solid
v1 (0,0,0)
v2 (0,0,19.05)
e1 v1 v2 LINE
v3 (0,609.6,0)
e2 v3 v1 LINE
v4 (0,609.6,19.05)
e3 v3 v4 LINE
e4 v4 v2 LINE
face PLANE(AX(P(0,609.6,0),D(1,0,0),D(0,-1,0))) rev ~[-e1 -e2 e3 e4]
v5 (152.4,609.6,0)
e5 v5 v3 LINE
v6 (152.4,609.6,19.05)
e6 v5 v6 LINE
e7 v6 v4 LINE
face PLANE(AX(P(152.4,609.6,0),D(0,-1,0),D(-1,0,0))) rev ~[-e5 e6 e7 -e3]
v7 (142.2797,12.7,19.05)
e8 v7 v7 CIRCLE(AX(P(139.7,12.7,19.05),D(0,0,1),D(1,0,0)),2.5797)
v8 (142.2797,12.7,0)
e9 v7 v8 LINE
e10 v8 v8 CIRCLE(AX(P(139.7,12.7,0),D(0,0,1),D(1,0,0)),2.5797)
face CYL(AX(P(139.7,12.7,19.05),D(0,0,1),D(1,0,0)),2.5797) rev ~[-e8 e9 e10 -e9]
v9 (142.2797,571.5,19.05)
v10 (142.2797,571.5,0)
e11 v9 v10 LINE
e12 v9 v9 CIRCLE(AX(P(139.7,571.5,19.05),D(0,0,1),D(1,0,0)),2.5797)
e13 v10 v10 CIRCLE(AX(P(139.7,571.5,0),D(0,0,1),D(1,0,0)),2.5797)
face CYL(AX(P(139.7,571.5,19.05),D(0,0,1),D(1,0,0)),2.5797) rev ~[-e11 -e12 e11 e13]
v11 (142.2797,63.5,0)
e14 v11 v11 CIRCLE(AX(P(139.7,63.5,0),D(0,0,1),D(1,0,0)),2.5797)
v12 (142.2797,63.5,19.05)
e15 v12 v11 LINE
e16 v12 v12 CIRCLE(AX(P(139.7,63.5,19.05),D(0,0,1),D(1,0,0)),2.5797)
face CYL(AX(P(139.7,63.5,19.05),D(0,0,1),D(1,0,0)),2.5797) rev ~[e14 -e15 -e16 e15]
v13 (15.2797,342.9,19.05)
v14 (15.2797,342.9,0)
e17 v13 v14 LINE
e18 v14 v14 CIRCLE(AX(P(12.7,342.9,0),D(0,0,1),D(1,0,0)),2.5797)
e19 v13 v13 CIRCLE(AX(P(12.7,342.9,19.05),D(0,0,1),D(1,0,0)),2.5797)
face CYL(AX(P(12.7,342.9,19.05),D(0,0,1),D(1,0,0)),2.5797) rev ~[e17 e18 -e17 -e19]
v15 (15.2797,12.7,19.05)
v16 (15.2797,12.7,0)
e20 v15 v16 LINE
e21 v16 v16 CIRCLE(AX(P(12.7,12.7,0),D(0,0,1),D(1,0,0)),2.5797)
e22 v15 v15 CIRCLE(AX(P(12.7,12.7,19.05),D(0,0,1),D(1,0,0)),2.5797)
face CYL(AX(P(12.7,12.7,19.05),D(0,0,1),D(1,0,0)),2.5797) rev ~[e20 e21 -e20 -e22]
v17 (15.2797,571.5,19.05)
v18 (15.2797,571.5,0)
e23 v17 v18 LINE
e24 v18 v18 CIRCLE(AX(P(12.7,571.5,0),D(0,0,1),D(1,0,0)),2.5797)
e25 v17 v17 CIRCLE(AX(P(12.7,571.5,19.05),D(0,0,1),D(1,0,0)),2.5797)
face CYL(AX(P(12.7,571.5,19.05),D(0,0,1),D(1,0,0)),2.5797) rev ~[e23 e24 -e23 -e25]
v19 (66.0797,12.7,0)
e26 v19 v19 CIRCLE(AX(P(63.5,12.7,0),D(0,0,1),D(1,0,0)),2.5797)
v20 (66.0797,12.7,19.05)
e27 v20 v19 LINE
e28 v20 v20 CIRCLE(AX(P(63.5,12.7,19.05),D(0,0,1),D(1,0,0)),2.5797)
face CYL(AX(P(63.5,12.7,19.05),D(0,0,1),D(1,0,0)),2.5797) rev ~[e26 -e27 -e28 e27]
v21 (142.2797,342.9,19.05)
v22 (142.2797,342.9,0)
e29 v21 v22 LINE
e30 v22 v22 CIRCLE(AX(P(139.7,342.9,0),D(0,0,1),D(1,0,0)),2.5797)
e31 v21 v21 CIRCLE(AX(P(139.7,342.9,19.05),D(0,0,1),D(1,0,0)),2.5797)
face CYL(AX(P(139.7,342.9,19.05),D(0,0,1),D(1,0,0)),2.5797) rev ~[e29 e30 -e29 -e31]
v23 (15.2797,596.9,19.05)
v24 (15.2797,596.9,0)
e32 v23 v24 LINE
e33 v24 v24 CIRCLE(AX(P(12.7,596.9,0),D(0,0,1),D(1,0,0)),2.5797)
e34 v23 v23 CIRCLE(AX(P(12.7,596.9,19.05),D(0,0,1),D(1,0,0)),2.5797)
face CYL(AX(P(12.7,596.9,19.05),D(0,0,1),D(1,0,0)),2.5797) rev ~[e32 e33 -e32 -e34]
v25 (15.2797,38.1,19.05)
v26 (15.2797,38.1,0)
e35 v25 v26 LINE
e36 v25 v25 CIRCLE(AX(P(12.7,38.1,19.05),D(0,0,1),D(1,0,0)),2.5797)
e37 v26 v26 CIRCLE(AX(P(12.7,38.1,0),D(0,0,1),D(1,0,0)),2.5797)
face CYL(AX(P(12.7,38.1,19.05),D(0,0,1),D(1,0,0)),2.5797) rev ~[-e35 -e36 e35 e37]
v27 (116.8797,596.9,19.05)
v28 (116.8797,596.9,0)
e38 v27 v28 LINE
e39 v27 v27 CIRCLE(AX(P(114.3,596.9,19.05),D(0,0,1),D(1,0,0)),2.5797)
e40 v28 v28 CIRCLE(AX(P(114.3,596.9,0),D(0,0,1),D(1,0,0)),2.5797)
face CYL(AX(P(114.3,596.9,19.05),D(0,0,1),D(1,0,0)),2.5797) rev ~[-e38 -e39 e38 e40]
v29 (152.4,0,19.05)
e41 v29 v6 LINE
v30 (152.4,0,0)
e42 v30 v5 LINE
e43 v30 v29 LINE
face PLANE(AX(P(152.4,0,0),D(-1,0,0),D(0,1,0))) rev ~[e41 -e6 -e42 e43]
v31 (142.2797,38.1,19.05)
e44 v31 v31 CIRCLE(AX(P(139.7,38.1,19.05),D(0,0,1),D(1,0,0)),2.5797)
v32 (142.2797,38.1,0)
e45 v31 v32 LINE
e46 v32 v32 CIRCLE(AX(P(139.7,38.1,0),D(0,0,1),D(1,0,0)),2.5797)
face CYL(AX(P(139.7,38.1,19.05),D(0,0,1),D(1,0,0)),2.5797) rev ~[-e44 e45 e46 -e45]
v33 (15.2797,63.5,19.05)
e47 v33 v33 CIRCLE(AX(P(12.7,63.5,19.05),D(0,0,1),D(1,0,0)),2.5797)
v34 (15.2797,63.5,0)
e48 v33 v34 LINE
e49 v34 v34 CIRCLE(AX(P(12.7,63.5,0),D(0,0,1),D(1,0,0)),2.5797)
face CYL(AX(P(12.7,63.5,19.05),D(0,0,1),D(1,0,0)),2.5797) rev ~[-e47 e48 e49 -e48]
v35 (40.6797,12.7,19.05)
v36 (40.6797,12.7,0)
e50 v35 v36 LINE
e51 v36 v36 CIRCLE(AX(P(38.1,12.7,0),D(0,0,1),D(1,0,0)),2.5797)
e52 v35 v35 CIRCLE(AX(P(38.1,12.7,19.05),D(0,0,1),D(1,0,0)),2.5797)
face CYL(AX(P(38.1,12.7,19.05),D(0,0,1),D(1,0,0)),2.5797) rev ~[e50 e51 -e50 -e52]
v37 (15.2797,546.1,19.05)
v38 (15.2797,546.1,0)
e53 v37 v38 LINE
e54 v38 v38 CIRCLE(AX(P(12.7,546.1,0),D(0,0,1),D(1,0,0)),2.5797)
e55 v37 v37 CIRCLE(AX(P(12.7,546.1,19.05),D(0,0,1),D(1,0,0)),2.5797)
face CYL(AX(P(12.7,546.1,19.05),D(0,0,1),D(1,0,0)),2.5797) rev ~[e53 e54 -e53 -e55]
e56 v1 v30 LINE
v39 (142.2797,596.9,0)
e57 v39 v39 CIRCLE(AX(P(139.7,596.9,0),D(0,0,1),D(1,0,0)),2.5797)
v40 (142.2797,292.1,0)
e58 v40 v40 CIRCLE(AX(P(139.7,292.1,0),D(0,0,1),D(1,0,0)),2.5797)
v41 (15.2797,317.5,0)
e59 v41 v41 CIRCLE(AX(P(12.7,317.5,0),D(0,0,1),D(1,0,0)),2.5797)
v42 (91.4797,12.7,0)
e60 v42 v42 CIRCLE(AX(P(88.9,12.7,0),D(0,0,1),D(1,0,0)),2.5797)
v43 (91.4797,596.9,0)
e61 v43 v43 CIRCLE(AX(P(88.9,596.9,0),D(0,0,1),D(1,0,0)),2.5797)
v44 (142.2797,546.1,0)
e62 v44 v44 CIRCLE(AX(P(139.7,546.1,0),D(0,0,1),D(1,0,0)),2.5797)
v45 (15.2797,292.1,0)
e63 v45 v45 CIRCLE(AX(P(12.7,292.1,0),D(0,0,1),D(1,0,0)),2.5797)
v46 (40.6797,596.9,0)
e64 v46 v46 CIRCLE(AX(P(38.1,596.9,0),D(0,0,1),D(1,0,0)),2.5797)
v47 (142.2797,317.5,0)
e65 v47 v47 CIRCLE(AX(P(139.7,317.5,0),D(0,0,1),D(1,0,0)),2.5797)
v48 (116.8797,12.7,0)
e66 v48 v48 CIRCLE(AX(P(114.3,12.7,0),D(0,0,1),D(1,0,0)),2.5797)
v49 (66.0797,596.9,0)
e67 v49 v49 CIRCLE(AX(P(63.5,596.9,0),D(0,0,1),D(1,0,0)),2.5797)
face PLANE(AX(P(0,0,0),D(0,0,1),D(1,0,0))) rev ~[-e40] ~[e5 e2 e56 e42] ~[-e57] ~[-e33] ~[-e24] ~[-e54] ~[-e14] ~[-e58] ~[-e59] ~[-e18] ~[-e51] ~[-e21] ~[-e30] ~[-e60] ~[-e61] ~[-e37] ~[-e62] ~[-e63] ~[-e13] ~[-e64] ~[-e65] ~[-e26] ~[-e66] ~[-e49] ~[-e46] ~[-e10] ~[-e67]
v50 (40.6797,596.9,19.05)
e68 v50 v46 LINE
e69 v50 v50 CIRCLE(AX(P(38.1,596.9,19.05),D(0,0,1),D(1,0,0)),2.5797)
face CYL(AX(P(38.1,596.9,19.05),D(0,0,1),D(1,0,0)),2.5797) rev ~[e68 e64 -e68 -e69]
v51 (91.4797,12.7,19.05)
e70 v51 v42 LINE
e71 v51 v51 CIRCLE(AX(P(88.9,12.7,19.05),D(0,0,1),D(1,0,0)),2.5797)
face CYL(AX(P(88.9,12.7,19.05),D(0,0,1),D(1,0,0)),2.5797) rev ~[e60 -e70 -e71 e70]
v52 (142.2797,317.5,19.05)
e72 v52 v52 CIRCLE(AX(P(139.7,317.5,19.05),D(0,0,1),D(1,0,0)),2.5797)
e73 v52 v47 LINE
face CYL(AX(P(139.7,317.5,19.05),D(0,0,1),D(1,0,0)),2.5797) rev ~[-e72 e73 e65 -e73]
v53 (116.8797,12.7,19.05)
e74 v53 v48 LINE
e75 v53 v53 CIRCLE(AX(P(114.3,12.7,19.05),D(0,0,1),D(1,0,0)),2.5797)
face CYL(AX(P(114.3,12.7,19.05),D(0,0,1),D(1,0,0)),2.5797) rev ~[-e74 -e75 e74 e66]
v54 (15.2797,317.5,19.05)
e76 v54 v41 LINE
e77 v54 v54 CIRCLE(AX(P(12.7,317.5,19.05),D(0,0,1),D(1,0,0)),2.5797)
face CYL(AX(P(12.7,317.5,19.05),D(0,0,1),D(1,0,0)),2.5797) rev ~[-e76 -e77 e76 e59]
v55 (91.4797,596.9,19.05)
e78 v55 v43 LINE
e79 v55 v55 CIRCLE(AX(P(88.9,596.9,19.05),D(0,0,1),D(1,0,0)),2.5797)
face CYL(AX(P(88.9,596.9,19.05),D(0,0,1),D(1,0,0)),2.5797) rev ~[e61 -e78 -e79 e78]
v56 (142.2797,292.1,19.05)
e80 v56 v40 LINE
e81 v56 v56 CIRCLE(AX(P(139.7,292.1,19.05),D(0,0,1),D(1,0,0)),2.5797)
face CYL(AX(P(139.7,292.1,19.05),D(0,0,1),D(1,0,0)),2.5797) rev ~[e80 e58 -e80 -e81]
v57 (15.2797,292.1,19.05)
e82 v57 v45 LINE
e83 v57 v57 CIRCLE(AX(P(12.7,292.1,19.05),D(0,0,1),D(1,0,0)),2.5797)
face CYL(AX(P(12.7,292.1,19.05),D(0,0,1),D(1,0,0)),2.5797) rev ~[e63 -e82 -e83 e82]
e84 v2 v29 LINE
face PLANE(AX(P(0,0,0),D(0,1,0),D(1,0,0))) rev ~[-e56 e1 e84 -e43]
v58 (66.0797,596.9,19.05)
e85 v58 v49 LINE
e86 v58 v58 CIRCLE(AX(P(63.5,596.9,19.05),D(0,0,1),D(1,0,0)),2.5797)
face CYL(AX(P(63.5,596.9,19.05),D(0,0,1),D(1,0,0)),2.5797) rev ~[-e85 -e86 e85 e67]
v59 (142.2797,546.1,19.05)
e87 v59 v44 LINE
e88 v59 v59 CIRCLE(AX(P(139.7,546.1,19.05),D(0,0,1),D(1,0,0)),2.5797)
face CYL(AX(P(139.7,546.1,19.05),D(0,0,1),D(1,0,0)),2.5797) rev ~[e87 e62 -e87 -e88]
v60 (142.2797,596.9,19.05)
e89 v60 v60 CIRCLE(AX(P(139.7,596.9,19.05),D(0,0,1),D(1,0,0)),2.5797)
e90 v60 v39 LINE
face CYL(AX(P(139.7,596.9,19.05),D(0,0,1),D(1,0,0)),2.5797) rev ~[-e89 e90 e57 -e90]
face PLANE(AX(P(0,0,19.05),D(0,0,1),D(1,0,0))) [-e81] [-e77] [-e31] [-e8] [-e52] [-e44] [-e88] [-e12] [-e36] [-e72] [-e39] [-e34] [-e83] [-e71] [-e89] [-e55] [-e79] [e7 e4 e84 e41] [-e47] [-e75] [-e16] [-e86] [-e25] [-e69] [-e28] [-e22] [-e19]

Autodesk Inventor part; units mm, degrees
ref_plane "YZ Plane" through (0, 0, 0) normal (1, 0, 0) x (0, 1, 0)
ref_plane "XZ Plane" through (0, 0, 0) normal (0, 1, 0) x (-1, 0, 0)
ref_plane "XY Plane" through (0, 0, 0) normal (0, 0, 1) x (1, 0, 0)
sketch "Sketch1" plane through (0, 0, 0) normal (0, 0, 1) x (1, 0, 0)
  line L0 (0, 0) -> (152.4, 0)
  line L1 (152.4, 0) -> (152.4, 609.6)
  line L2 (152.4, 609.6) -> (0, 609.6)
  line L3 (0, 609.6) -> (0, 0)
  dimension "d0" = 152.4
  dimension "d1" = 609.6
extrude "Extrusion1" add sketch "Sketch1" along normal blind 19.05
sketch "Sketch2" plane through (0, 0, 19.05) normal (0, 0, 1) x (1, 0, 0)
  line L0 (152.4, 609.6) -> (0, 609.6) construction
  line L1 (0, 609.6) -> (12.7, 609.6) construction
  line L2 (12.7, 609.6) -> (12.7, 596.9) construction
  line L3 (76.2, 609.6) -> (76.2, 0) construction
  line L4 (0, 0) -> (152.4, 0) construction
  line L5 (0, 609.6) -> (0, 0) construction
  line L6 (0, 304.8) -> (152.4, 304.8) construction
  line L7 (152.4, 0) -> (152.4, 609.6) construction
  circle A0 centre (12.7, 596.9) radius 2.5797
  circle A1 centre (139.7, 596.9) radius 2.5797
  circle A2 centre (12.7, 12.7) radius 2.5797
  circle A3 centre (139.7, 12.7) radius 2.5797
  dimension "d4" = 12.7
  dimension "d5" = 12.7
  dimension "d6" = 5.1594
extrude "Extrusion2" cut sketch "Sketch2" against normal blind 19.05
sketch "Sketch3" plane through (0, 0, 19.05) normal (0, 0, 1) x (1, 0, 0)
  circle A0 centre (12.7, 12.7) radius 2.5797 construction
  line L0 (12.7, 12.7) -> (12.7, 38.1) construction
  line L1 (12.7, 38.1) -> (12.7, 63.5) construction
  line L2 (12.7, 12.7) -> (38.1, 12.7) construction
  line L3 (38.1, 12.7) -> (63.5, 12.7) construction
  circle A1 centre (38.1, 12.7) radius 2.5797
  circle A2 centre (63.5, 12.7) radius 2.5797
  circle A3 centre (12.7, 38.1) radius 2.5797
  circle A4 centre (12.7, 63.5) radius 2.5797
  line L4 (0, 0) -> (152.4, 0) construction
  line L5 (76.2, 0) -> (76.2, 609.6) construction
  line L6 (0, 609.6) -> (0, 0) construction
  line L7 (0, 304.8) -> (152.4, 304.8) construction
  circle A5 centre (139.7, 12.7) radius 2.5797 construction
  line L8 (139.7, 12.7) -> (139.7, 38.1) construction
  line L9 (139.7, 38.1) -> (139.7, 63.5) construction
  line L10 (139.7, 12.7) -> (114.3, 12.7) construction
  line L11 (114.3, 12.7) -> (88.9, 12.7) construction
  circle A6 centre (114.3, 12.7) radius 2.5797
  circle A7 centre (88.9, 12.7) radius 2.5797
  circle A8 centre (139.7, 38.1) radius 2.5797
  circle A9 centre (139.7, 63.5) radius 2.5797
  line L12 (152.4, 0) -> (0, 0) construction
  line L13 (152.4, 609.6) -> (152.4, 0) construction
  circle A10 centre (12.7, 596.9) radius 2.5797 construction
  line L14 (12.7, 596.9) -> (12.7, 571.5) construction
  line L15 (12.7, 571.5) -> (12.7, 546.1) construction
  line L16 (12.7, 596.9) -> (38.1, 596.9) construction
  line L17 (38.1, 596.9) -> (63.5, 596.9) construction
  circle A11 centre (38.1, 596.9) radius 2.5797
  circle A12 centre (63.5, 596.9) radius 2.5797
  circle A13 centre (12.7, 571.5) radius 2.5797
  circle A14 centre (12.7, 546.1) radius 2.5797
  line L18 (0, 609.6) -> (152.4, 609.6) construction
  line L19 (76.2, 609.6) -> (76.2, 0) construction
  line L20 (0, 0) -> (0, 609.6) construction
  circle A15 centre (139.7, 546.1) radius 2.5797
  line L21 (139.7, 571.5) -> (139.7, 546.1) construction
  circle A16 centre (139.7, 571.5) radius 2.5797
  line L22 (139.7, 596.9) -> (139.7, 571.5) construction
  line L23 (139.7, 596.9) -> (114.3, 596.9) construction
  line L24 (114.3, 596.9) -> (88.9, 596.9) construction
  circle A17 centre (139.7, 596.9) radius 2.5797 construction
  circle A18 centre (114.3, 596.9) radius 2.5797
  circle A19 centre (88.9, 596.9) radius 2.5797
  line L25 (152.4, 609.6) -> (0, 609.6) construction
  line L26 (152.4, 0) -> (152.4, 609.6) construction
  dimension "d9" = 25.4
  dimension "d10" = 25.4
  dimension "d11" = 25.4
  dimension "d12" = 25.4
extrude "Extrusion3" cut sketch "Sketch3" against normal blind 19.05
sketch "Sketch4" plane through (0, 0, 19.05) normal (0, 0, 1) x (1, 0, 0)
  line L0 (152.4, 609.6) -> (0, 609.6) construction
  line L1 (76.2, 609.6) -> (76.2, 0) construction
  line L2 (152.4, 609.6) -> (152.4, 317.5) construction
  line L3 (152.4, 0) -> (152.4, 609.6) construction
  line L4 (152.4, 317.5) -> (152.4, 304.8) construction
  line L5 (152.4, 317.5) -> (139.7, 317.5) construction
  circle A0 centre (139.7, 317.5) radius 2.5797
  line L6 (139.7, 317.5) -> (139.7, 342.9) construction
  line L7 (139.7, 342.9) -> (139.7, 292.1) construction
  circle A1 centre (139.7, 342.9) radius 2.5797
  circle A2 centre (139.7, 292.1) radius 2.5797
  line L8 (0, 317.5) -> (12.7, 317.5) construction
  circle A3 centre (12.7, 317.5) radius 2.5797
  line L9 (12.7, 317.5) -> (12.7, 342.9) construction
  line L10 (12.7, 342.9) -> (12.7, 292.1) construction
  circle A4 centre (12.7, 342.9) radius 2.5797
  circle A5 centre (12.7, 292.1) radius 2.5797
  point P0 (0, 0)
  dimension "d15" = 292.1
  dimension "d17" = 12.7
  dimension "d19" = 5.1594
  dimension "d22" = 25.4
  dimension "d23" = 50.8
extrude "Extrusion5" cut sketch "Sketch4" against normal blind 19.05
properties part number "Side Board"
